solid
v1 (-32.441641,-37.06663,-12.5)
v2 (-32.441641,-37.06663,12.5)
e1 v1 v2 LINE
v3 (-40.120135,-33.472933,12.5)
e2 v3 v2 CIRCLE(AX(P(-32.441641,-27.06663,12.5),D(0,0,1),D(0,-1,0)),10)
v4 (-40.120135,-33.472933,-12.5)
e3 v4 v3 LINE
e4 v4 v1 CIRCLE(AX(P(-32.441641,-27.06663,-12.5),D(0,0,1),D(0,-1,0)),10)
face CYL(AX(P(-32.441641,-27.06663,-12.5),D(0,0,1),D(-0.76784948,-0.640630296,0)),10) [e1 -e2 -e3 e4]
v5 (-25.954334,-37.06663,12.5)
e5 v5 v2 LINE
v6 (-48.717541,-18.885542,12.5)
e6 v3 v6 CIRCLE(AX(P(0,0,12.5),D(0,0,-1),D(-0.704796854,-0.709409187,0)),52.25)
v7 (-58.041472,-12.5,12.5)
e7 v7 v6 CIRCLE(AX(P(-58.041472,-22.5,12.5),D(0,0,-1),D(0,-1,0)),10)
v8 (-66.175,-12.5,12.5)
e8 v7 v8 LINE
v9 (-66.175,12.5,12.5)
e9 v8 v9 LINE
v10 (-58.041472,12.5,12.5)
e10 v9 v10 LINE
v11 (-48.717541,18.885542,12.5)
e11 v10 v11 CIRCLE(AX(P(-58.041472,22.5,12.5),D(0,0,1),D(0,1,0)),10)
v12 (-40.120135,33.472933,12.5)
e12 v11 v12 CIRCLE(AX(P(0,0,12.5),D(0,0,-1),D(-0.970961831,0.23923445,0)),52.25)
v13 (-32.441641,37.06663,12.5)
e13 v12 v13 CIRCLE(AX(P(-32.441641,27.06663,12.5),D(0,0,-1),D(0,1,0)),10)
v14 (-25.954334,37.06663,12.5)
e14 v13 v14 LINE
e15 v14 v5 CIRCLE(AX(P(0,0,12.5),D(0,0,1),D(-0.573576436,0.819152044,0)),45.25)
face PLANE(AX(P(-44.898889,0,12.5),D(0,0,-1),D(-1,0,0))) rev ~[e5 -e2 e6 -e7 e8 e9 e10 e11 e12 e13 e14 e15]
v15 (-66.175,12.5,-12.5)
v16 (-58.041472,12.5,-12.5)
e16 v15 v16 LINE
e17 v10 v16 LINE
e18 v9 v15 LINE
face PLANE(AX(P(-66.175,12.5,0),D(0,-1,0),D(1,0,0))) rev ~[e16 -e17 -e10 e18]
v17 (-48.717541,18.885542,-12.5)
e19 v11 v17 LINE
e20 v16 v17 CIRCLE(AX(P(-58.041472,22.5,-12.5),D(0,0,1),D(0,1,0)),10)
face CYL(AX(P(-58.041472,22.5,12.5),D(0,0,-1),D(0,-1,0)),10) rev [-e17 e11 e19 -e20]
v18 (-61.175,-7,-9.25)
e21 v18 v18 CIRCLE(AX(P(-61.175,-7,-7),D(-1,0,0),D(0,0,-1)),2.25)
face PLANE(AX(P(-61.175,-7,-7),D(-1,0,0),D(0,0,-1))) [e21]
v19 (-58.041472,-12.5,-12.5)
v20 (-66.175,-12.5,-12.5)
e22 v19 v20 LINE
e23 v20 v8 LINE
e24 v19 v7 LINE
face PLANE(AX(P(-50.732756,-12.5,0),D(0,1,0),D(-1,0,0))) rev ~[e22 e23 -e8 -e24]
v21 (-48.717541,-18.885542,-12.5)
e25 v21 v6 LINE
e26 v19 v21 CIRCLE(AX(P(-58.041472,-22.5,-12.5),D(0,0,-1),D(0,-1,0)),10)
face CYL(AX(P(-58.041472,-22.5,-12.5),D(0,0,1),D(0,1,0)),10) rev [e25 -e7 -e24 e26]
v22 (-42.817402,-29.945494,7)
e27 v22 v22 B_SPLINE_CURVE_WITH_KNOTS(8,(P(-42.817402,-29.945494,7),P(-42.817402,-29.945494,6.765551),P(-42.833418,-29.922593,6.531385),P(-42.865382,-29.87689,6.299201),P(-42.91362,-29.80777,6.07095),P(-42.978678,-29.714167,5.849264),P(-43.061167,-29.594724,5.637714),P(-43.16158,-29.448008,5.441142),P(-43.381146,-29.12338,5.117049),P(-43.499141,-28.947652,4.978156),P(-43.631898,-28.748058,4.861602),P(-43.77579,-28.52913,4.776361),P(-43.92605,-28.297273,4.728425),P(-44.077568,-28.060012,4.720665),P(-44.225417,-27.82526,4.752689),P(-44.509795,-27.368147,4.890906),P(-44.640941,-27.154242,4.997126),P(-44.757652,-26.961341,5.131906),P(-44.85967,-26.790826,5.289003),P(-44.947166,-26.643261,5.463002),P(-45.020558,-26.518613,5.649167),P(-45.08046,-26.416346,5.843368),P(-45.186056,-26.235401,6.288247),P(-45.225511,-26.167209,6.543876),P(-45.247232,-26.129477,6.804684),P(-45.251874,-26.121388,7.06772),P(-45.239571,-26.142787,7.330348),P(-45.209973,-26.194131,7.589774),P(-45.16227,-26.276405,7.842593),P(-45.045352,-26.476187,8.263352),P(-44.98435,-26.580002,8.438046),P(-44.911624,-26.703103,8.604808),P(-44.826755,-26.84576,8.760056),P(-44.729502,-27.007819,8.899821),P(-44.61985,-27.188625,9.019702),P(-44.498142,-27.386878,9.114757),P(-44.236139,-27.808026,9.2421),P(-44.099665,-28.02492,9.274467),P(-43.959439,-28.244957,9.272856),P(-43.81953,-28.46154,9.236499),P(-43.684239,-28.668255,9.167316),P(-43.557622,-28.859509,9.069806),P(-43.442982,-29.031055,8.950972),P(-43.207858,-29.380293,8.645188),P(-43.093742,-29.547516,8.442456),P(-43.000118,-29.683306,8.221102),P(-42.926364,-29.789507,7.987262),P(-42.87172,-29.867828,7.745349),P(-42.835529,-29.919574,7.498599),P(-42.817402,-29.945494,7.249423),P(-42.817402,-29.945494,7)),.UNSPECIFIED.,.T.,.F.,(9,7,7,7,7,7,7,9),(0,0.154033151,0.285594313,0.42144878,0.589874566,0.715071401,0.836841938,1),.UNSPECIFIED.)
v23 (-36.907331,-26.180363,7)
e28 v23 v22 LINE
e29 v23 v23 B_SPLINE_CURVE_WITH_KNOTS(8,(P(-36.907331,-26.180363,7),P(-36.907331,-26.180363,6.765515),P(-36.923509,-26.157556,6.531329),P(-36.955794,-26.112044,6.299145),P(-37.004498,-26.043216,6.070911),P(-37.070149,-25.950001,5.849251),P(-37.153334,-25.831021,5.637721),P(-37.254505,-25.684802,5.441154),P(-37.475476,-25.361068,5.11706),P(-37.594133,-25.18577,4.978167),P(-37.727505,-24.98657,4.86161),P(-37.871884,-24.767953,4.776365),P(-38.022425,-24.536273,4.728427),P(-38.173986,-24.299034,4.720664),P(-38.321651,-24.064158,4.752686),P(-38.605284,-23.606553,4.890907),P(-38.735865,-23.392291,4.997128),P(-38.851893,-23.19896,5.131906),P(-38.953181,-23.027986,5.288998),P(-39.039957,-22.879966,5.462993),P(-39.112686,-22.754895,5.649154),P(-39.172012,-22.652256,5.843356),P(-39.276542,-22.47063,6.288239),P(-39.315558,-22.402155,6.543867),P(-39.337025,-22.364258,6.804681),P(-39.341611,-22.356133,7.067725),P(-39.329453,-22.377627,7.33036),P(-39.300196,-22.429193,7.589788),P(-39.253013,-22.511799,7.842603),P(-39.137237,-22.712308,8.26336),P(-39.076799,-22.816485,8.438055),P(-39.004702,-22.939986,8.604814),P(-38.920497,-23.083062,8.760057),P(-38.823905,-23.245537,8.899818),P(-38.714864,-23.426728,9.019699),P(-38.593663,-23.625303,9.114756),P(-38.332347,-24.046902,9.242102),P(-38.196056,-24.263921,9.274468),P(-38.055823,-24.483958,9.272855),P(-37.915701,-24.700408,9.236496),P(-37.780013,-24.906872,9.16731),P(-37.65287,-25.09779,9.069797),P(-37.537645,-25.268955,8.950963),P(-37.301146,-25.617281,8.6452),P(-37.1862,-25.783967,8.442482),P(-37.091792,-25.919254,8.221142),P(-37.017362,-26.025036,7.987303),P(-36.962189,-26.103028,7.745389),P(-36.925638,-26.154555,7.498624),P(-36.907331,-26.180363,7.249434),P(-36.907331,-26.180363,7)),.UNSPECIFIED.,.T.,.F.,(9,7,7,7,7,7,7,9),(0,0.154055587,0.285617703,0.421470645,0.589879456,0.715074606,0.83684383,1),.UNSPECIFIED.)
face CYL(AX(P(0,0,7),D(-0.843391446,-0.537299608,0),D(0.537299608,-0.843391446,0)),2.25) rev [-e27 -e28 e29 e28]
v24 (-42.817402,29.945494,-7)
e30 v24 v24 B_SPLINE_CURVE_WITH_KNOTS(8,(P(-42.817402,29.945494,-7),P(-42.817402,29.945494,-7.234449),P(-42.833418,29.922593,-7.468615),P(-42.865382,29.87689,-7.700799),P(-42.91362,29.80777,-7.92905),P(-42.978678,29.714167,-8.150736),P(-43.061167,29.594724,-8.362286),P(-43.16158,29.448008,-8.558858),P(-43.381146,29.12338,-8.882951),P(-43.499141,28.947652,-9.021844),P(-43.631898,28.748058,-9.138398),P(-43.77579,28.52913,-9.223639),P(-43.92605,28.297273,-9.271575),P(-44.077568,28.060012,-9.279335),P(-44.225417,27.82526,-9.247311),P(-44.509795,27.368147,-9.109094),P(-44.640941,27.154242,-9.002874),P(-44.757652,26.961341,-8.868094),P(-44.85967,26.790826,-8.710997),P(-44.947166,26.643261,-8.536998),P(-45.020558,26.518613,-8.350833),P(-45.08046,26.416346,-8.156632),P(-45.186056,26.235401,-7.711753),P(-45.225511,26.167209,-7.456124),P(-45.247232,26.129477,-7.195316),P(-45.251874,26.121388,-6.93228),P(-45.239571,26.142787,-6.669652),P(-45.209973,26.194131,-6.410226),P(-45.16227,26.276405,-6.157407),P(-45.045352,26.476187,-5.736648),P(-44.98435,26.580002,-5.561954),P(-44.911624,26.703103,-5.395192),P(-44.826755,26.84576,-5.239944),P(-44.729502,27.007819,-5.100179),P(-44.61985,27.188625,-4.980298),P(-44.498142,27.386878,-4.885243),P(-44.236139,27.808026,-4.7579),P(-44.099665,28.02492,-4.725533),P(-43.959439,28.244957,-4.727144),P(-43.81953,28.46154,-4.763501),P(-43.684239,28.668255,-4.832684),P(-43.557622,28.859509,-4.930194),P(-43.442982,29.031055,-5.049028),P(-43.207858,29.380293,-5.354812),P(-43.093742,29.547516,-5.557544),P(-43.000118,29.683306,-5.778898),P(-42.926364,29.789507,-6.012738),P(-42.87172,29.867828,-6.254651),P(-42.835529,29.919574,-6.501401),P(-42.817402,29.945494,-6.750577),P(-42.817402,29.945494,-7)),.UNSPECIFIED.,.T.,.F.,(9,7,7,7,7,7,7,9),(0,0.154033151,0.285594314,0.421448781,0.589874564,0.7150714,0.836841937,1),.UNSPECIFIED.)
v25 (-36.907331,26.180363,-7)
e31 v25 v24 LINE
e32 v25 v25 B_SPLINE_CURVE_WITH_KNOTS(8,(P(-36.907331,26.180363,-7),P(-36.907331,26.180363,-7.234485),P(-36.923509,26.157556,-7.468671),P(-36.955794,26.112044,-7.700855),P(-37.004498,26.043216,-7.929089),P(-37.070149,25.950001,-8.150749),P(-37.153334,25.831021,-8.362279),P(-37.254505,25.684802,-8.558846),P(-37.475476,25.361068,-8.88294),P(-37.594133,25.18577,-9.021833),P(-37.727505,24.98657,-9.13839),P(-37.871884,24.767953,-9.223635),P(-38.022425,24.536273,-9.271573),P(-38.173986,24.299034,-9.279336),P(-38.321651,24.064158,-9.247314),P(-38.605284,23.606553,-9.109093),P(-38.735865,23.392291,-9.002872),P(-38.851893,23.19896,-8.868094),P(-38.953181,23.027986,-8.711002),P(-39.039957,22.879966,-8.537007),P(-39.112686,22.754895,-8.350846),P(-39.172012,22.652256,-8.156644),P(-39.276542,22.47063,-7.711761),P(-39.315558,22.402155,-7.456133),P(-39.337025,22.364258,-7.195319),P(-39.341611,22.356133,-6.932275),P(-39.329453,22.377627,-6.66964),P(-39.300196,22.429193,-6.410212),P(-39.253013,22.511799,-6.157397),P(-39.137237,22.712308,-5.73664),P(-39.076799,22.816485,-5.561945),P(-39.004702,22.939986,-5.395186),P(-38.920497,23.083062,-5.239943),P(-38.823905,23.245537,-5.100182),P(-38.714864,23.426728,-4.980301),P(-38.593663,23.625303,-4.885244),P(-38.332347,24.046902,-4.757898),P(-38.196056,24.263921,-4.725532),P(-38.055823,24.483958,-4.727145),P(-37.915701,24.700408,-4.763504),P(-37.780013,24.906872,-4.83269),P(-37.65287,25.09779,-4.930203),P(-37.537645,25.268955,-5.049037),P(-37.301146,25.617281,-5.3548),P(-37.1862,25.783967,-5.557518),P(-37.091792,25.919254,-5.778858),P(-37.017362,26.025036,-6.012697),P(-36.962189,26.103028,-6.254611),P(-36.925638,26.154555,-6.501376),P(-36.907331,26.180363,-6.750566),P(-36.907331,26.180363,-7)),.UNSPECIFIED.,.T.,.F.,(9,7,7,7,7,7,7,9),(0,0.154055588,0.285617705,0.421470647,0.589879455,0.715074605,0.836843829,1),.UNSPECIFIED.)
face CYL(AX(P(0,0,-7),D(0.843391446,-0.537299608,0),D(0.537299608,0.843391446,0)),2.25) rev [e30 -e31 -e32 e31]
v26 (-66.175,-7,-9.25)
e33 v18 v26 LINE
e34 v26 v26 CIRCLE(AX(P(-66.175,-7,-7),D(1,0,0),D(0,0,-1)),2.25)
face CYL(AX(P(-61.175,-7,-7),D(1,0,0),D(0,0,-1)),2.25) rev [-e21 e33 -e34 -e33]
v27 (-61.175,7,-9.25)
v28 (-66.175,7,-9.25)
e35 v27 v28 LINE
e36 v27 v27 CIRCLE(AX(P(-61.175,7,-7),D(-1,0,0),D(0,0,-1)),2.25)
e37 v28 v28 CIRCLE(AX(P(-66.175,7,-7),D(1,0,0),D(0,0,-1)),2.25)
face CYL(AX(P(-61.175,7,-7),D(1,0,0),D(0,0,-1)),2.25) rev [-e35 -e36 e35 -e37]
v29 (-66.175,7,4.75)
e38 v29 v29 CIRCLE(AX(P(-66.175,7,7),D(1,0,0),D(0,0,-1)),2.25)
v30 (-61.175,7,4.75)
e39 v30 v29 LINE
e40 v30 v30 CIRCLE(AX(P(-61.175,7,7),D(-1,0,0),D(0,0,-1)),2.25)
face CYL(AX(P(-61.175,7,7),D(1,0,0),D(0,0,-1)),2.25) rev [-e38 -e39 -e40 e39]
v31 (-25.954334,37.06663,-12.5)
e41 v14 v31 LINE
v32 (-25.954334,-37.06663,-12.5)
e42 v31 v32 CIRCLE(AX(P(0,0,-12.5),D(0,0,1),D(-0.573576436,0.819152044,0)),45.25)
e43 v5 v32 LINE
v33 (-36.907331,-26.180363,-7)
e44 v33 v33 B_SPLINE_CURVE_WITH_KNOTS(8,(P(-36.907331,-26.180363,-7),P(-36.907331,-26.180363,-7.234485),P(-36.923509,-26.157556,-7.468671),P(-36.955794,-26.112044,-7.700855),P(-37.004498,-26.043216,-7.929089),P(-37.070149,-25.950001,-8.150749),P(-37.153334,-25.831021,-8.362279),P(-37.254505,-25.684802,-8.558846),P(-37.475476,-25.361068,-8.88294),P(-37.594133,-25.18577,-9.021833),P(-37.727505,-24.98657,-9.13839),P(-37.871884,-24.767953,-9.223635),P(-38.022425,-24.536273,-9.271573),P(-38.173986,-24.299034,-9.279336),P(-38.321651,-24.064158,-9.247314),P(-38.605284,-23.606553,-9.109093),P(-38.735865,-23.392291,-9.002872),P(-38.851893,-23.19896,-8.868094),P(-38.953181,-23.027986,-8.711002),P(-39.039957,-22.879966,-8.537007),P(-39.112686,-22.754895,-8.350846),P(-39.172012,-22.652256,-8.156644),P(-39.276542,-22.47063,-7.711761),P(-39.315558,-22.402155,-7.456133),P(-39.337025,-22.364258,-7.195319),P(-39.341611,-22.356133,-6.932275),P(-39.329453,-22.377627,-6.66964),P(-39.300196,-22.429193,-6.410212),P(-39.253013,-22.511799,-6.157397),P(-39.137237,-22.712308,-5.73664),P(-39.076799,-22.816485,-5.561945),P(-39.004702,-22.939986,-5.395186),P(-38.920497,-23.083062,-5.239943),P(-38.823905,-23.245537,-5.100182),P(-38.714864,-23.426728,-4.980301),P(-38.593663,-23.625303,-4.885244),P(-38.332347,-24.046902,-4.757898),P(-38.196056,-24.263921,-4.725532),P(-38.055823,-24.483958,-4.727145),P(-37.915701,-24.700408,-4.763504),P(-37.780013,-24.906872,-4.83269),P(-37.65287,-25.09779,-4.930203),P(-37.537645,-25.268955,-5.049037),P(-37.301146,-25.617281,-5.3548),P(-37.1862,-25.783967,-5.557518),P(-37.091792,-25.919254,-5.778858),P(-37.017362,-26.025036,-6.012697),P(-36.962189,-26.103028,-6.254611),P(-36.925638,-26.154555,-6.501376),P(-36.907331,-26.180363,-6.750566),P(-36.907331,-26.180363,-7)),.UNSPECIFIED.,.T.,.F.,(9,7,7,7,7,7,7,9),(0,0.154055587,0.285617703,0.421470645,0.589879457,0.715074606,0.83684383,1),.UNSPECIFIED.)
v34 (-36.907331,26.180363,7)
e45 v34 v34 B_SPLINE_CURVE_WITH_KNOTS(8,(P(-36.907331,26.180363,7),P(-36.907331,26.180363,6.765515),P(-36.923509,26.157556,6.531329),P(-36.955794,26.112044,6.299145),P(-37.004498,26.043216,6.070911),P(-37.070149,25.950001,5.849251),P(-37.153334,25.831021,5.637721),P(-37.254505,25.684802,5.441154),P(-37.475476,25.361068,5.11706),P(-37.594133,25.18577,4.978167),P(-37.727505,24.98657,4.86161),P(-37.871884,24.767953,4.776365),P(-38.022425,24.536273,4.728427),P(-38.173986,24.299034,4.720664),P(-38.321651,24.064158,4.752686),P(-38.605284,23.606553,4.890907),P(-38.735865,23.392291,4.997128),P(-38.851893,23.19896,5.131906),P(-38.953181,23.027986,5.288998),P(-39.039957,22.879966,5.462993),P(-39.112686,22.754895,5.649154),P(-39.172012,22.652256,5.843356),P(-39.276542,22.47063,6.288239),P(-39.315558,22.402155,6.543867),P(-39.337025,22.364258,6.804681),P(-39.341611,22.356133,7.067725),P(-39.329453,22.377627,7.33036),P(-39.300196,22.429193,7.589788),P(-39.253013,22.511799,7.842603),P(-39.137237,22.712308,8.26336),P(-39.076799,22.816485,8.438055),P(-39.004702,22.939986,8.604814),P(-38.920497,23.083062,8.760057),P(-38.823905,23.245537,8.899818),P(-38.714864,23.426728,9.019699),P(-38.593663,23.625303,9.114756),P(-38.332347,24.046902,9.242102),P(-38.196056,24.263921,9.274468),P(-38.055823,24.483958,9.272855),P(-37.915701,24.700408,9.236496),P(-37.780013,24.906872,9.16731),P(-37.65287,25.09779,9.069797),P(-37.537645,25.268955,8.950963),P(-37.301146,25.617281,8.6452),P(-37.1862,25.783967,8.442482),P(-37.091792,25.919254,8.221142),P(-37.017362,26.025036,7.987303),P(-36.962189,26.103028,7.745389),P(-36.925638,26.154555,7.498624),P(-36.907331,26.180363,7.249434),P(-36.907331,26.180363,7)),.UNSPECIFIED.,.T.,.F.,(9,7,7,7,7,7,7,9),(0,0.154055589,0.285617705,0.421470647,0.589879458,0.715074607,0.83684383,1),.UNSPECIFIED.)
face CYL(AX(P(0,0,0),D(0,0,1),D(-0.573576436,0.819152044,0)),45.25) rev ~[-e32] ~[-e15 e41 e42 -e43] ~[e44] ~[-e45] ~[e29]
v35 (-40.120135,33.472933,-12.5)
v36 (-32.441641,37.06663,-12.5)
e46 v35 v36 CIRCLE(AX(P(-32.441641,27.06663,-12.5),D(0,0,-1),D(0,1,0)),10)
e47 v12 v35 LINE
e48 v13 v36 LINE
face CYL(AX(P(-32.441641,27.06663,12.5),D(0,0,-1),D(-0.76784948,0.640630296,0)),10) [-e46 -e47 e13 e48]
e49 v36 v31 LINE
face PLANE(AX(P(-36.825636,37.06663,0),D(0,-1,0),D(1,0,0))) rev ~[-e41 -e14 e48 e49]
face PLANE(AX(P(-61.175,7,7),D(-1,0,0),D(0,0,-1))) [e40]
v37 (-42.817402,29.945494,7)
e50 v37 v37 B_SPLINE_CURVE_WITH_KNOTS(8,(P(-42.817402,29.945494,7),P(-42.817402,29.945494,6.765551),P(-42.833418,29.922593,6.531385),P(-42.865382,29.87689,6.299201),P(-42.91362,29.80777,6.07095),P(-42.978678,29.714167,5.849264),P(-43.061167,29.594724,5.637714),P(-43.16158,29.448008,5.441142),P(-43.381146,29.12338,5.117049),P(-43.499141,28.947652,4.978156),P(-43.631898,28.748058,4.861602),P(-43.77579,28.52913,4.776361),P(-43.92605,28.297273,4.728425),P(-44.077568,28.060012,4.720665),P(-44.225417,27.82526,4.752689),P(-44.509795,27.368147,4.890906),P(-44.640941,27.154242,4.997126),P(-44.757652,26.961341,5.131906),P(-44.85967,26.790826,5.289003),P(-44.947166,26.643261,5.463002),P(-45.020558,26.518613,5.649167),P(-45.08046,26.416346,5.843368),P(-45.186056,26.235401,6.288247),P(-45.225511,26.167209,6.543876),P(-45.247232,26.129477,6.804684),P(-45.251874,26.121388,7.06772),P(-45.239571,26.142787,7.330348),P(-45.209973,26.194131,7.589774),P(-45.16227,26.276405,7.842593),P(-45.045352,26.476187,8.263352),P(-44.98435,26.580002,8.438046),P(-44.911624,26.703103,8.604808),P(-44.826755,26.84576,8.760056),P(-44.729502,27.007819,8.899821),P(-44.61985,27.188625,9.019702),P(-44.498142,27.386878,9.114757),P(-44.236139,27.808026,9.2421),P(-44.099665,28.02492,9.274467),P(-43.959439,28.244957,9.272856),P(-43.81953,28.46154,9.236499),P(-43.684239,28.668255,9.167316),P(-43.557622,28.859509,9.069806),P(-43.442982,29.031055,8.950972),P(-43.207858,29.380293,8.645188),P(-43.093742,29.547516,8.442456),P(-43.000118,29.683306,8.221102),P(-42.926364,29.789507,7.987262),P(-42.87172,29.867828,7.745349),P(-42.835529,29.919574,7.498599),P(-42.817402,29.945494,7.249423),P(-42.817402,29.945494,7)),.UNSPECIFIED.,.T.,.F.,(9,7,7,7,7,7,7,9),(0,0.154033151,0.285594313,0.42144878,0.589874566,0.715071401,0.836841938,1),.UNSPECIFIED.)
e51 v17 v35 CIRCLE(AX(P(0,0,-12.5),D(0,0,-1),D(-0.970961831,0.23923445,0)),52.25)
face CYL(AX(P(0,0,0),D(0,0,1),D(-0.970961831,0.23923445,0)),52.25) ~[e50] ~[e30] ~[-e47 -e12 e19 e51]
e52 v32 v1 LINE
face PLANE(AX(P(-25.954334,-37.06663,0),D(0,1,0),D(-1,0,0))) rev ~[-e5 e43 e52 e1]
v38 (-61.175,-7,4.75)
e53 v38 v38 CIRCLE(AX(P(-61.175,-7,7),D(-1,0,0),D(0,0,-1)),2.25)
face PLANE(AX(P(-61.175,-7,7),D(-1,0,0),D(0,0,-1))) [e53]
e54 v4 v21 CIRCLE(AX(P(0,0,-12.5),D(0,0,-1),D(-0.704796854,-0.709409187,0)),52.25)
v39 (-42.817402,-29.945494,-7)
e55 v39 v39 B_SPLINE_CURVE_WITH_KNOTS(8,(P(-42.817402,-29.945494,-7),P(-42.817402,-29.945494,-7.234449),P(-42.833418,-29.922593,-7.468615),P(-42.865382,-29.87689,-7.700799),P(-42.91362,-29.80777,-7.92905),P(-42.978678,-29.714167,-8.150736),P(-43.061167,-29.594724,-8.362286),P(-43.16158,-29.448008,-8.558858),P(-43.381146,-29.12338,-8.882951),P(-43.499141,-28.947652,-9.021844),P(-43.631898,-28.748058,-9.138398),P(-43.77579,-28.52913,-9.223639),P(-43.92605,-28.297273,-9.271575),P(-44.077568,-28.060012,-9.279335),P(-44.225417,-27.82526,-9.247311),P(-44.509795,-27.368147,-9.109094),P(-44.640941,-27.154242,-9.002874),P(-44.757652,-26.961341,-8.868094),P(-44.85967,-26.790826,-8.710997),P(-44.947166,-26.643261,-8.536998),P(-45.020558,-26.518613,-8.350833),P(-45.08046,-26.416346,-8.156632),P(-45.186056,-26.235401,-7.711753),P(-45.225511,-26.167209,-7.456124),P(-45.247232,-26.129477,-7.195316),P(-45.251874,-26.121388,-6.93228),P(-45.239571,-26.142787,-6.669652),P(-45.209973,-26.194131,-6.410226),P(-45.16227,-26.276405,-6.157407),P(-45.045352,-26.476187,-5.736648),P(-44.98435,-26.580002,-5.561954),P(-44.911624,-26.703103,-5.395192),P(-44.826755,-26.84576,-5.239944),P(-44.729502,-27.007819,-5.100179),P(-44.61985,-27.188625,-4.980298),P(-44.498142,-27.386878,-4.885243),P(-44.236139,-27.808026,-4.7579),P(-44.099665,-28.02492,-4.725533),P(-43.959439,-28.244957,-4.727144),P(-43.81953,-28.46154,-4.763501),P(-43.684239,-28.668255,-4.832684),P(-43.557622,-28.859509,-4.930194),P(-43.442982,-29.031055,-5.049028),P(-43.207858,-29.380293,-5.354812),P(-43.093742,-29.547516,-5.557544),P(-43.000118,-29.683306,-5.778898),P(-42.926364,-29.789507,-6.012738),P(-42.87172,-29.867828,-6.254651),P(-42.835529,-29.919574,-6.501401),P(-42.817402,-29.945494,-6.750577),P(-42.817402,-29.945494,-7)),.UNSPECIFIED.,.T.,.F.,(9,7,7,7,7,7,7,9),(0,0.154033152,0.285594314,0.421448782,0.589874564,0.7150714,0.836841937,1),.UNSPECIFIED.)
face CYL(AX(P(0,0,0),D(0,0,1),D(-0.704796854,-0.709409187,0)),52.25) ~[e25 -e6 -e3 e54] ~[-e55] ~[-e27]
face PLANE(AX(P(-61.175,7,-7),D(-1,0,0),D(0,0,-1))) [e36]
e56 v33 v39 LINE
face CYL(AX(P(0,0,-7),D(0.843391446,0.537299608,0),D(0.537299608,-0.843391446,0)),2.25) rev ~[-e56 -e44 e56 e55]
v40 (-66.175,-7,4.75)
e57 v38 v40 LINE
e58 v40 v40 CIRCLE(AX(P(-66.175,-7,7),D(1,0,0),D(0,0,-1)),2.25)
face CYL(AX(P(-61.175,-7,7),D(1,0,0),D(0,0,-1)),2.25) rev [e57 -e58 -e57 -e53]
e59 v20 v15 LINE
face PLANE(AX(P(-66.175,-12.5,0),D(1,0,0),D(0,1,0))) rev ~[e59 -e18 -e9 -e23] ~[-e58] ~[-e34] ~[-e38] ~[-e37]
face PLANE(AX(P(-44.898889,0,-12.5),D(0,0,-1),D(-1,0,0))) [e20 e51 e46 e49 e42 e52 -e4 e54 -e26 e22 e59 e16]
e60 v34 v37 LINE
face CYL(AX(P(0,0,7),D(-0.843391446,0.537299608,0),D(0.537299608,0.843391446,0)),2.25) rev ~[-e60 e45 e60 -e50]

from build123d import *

# Parameters (mm, degrees)
BOSS_EXTRUDE1_DEPTH     = 12.5
SKETCH3_R               = 2.25
CUT_EXTRUDE1_DEPTH      = 77.872073504
CUT_EXTRUDE2_DEPTH      = 57.106034184
CUT_EXTRUDE2_DEPTH_BACK = 5
SKETCH5_R               = 2.25
FILLET4_R               = 10


with BuildPart() as part:
    # Sketch1 → Boss-Extrude1 (new, symmetric)
    with BuildSketch(Plane.XY):
        with BuildLine():
            Line((-66.175, -12.5), (-66.175, 12.5))
            Line((-66.175, 12.5), (-50.732755691, 12.5))
            ThreePointArc((-50.732755691, 12.5), (-45.469745991, 25.740332157), (-36.825635638, 37.066630004))
            Line((-36.825635638, 37.066630004), (-25.954333745, 37.066630004))
            ThreePointArc((-25.954333745, 37.066630004), (-45.25, 0), (-25.954333745, -37.066630004))
            Line((-25.954333745, -37.066630004), (-36.825635638, -37.066630004))
            ThreePointArc((-36.825635638, -37.066630004), (-45.469745991, -25.740332157), (-50.732755691, -12.5))
            Line((-50.732755691, -12.5), (-66.175, -12.5))
        make_face()
    extrude(amount=BOSS_EXTRUDE1_DEPTH, both=True)

    # Sketch3 → Cut-Extrude1 (cut, symmetric)
    with BuildSketch(Plane(origin=(0, 0, 0), x_dir=(0, 0, 1), z_dir=(-0.8433914458128852, 0.5372996083468248, 0))):
        with Locations(Location((-7, 0, 0), (0, 0, 90))):
            Circle(SKETCH3_R)
        with Locations(Location((7, 0, 0), (0, 0, 90))):
            Circle(SKETCH3_R)
    cut_extrude1 = extrude(amount=CUT_EXTRUDE1_DEPTH, both=True, mode=Mode.SUBTRACT)

    # Mirror1: Cut-Extrude1 across plane
    add(cut_extrude1.mirror(Plane.ZX), mode=Mode.SUBTRACT)

    # Sketch5 → Cut-Extrude2 (cut, two sides: drawn at the far end of the back side and taken through both)
    with BuildSketch(Plane.ZY.offset(66.175).offset(-CUT_EXTRUDE2_DEPTH_BACK)):
        with Locations(Location((-7, 7, 0), (0, 0, 180))):
            Circle(SKETCH5_R)
        with Locations(Location((7, 7, 0), (0, 0, 180))):
            Circle(SKETCH5_R)
        with Locations(Location((7, -7, 0), (0, 0, 180))):
            Circle(SKETCH5_R)
        with Locations(Location((-7, -7, 0), (0, 0, 180))):
            Circle(SKETCH5_R)
    extrude(amount=CUT_EXTRUDE2_DEPTH + CUT_EXTRUDE2_DEPTH_BACK, mode=Mode.SUBTRACT)

    # Fillet4
    fillet4_edges = [part.edges().sort_by_distance(p)[0] for p in [
        (-36.825635638, -37.066630004, 0),
        (-50.732755691, -12.5, 0),
        (-50.732755691, 12.5, 0),
        (-36.825635638, 37.066630004, 0),
    ]]
    fillet(fillet4_edges, radius=FILLET4_R)


solid = part.part
